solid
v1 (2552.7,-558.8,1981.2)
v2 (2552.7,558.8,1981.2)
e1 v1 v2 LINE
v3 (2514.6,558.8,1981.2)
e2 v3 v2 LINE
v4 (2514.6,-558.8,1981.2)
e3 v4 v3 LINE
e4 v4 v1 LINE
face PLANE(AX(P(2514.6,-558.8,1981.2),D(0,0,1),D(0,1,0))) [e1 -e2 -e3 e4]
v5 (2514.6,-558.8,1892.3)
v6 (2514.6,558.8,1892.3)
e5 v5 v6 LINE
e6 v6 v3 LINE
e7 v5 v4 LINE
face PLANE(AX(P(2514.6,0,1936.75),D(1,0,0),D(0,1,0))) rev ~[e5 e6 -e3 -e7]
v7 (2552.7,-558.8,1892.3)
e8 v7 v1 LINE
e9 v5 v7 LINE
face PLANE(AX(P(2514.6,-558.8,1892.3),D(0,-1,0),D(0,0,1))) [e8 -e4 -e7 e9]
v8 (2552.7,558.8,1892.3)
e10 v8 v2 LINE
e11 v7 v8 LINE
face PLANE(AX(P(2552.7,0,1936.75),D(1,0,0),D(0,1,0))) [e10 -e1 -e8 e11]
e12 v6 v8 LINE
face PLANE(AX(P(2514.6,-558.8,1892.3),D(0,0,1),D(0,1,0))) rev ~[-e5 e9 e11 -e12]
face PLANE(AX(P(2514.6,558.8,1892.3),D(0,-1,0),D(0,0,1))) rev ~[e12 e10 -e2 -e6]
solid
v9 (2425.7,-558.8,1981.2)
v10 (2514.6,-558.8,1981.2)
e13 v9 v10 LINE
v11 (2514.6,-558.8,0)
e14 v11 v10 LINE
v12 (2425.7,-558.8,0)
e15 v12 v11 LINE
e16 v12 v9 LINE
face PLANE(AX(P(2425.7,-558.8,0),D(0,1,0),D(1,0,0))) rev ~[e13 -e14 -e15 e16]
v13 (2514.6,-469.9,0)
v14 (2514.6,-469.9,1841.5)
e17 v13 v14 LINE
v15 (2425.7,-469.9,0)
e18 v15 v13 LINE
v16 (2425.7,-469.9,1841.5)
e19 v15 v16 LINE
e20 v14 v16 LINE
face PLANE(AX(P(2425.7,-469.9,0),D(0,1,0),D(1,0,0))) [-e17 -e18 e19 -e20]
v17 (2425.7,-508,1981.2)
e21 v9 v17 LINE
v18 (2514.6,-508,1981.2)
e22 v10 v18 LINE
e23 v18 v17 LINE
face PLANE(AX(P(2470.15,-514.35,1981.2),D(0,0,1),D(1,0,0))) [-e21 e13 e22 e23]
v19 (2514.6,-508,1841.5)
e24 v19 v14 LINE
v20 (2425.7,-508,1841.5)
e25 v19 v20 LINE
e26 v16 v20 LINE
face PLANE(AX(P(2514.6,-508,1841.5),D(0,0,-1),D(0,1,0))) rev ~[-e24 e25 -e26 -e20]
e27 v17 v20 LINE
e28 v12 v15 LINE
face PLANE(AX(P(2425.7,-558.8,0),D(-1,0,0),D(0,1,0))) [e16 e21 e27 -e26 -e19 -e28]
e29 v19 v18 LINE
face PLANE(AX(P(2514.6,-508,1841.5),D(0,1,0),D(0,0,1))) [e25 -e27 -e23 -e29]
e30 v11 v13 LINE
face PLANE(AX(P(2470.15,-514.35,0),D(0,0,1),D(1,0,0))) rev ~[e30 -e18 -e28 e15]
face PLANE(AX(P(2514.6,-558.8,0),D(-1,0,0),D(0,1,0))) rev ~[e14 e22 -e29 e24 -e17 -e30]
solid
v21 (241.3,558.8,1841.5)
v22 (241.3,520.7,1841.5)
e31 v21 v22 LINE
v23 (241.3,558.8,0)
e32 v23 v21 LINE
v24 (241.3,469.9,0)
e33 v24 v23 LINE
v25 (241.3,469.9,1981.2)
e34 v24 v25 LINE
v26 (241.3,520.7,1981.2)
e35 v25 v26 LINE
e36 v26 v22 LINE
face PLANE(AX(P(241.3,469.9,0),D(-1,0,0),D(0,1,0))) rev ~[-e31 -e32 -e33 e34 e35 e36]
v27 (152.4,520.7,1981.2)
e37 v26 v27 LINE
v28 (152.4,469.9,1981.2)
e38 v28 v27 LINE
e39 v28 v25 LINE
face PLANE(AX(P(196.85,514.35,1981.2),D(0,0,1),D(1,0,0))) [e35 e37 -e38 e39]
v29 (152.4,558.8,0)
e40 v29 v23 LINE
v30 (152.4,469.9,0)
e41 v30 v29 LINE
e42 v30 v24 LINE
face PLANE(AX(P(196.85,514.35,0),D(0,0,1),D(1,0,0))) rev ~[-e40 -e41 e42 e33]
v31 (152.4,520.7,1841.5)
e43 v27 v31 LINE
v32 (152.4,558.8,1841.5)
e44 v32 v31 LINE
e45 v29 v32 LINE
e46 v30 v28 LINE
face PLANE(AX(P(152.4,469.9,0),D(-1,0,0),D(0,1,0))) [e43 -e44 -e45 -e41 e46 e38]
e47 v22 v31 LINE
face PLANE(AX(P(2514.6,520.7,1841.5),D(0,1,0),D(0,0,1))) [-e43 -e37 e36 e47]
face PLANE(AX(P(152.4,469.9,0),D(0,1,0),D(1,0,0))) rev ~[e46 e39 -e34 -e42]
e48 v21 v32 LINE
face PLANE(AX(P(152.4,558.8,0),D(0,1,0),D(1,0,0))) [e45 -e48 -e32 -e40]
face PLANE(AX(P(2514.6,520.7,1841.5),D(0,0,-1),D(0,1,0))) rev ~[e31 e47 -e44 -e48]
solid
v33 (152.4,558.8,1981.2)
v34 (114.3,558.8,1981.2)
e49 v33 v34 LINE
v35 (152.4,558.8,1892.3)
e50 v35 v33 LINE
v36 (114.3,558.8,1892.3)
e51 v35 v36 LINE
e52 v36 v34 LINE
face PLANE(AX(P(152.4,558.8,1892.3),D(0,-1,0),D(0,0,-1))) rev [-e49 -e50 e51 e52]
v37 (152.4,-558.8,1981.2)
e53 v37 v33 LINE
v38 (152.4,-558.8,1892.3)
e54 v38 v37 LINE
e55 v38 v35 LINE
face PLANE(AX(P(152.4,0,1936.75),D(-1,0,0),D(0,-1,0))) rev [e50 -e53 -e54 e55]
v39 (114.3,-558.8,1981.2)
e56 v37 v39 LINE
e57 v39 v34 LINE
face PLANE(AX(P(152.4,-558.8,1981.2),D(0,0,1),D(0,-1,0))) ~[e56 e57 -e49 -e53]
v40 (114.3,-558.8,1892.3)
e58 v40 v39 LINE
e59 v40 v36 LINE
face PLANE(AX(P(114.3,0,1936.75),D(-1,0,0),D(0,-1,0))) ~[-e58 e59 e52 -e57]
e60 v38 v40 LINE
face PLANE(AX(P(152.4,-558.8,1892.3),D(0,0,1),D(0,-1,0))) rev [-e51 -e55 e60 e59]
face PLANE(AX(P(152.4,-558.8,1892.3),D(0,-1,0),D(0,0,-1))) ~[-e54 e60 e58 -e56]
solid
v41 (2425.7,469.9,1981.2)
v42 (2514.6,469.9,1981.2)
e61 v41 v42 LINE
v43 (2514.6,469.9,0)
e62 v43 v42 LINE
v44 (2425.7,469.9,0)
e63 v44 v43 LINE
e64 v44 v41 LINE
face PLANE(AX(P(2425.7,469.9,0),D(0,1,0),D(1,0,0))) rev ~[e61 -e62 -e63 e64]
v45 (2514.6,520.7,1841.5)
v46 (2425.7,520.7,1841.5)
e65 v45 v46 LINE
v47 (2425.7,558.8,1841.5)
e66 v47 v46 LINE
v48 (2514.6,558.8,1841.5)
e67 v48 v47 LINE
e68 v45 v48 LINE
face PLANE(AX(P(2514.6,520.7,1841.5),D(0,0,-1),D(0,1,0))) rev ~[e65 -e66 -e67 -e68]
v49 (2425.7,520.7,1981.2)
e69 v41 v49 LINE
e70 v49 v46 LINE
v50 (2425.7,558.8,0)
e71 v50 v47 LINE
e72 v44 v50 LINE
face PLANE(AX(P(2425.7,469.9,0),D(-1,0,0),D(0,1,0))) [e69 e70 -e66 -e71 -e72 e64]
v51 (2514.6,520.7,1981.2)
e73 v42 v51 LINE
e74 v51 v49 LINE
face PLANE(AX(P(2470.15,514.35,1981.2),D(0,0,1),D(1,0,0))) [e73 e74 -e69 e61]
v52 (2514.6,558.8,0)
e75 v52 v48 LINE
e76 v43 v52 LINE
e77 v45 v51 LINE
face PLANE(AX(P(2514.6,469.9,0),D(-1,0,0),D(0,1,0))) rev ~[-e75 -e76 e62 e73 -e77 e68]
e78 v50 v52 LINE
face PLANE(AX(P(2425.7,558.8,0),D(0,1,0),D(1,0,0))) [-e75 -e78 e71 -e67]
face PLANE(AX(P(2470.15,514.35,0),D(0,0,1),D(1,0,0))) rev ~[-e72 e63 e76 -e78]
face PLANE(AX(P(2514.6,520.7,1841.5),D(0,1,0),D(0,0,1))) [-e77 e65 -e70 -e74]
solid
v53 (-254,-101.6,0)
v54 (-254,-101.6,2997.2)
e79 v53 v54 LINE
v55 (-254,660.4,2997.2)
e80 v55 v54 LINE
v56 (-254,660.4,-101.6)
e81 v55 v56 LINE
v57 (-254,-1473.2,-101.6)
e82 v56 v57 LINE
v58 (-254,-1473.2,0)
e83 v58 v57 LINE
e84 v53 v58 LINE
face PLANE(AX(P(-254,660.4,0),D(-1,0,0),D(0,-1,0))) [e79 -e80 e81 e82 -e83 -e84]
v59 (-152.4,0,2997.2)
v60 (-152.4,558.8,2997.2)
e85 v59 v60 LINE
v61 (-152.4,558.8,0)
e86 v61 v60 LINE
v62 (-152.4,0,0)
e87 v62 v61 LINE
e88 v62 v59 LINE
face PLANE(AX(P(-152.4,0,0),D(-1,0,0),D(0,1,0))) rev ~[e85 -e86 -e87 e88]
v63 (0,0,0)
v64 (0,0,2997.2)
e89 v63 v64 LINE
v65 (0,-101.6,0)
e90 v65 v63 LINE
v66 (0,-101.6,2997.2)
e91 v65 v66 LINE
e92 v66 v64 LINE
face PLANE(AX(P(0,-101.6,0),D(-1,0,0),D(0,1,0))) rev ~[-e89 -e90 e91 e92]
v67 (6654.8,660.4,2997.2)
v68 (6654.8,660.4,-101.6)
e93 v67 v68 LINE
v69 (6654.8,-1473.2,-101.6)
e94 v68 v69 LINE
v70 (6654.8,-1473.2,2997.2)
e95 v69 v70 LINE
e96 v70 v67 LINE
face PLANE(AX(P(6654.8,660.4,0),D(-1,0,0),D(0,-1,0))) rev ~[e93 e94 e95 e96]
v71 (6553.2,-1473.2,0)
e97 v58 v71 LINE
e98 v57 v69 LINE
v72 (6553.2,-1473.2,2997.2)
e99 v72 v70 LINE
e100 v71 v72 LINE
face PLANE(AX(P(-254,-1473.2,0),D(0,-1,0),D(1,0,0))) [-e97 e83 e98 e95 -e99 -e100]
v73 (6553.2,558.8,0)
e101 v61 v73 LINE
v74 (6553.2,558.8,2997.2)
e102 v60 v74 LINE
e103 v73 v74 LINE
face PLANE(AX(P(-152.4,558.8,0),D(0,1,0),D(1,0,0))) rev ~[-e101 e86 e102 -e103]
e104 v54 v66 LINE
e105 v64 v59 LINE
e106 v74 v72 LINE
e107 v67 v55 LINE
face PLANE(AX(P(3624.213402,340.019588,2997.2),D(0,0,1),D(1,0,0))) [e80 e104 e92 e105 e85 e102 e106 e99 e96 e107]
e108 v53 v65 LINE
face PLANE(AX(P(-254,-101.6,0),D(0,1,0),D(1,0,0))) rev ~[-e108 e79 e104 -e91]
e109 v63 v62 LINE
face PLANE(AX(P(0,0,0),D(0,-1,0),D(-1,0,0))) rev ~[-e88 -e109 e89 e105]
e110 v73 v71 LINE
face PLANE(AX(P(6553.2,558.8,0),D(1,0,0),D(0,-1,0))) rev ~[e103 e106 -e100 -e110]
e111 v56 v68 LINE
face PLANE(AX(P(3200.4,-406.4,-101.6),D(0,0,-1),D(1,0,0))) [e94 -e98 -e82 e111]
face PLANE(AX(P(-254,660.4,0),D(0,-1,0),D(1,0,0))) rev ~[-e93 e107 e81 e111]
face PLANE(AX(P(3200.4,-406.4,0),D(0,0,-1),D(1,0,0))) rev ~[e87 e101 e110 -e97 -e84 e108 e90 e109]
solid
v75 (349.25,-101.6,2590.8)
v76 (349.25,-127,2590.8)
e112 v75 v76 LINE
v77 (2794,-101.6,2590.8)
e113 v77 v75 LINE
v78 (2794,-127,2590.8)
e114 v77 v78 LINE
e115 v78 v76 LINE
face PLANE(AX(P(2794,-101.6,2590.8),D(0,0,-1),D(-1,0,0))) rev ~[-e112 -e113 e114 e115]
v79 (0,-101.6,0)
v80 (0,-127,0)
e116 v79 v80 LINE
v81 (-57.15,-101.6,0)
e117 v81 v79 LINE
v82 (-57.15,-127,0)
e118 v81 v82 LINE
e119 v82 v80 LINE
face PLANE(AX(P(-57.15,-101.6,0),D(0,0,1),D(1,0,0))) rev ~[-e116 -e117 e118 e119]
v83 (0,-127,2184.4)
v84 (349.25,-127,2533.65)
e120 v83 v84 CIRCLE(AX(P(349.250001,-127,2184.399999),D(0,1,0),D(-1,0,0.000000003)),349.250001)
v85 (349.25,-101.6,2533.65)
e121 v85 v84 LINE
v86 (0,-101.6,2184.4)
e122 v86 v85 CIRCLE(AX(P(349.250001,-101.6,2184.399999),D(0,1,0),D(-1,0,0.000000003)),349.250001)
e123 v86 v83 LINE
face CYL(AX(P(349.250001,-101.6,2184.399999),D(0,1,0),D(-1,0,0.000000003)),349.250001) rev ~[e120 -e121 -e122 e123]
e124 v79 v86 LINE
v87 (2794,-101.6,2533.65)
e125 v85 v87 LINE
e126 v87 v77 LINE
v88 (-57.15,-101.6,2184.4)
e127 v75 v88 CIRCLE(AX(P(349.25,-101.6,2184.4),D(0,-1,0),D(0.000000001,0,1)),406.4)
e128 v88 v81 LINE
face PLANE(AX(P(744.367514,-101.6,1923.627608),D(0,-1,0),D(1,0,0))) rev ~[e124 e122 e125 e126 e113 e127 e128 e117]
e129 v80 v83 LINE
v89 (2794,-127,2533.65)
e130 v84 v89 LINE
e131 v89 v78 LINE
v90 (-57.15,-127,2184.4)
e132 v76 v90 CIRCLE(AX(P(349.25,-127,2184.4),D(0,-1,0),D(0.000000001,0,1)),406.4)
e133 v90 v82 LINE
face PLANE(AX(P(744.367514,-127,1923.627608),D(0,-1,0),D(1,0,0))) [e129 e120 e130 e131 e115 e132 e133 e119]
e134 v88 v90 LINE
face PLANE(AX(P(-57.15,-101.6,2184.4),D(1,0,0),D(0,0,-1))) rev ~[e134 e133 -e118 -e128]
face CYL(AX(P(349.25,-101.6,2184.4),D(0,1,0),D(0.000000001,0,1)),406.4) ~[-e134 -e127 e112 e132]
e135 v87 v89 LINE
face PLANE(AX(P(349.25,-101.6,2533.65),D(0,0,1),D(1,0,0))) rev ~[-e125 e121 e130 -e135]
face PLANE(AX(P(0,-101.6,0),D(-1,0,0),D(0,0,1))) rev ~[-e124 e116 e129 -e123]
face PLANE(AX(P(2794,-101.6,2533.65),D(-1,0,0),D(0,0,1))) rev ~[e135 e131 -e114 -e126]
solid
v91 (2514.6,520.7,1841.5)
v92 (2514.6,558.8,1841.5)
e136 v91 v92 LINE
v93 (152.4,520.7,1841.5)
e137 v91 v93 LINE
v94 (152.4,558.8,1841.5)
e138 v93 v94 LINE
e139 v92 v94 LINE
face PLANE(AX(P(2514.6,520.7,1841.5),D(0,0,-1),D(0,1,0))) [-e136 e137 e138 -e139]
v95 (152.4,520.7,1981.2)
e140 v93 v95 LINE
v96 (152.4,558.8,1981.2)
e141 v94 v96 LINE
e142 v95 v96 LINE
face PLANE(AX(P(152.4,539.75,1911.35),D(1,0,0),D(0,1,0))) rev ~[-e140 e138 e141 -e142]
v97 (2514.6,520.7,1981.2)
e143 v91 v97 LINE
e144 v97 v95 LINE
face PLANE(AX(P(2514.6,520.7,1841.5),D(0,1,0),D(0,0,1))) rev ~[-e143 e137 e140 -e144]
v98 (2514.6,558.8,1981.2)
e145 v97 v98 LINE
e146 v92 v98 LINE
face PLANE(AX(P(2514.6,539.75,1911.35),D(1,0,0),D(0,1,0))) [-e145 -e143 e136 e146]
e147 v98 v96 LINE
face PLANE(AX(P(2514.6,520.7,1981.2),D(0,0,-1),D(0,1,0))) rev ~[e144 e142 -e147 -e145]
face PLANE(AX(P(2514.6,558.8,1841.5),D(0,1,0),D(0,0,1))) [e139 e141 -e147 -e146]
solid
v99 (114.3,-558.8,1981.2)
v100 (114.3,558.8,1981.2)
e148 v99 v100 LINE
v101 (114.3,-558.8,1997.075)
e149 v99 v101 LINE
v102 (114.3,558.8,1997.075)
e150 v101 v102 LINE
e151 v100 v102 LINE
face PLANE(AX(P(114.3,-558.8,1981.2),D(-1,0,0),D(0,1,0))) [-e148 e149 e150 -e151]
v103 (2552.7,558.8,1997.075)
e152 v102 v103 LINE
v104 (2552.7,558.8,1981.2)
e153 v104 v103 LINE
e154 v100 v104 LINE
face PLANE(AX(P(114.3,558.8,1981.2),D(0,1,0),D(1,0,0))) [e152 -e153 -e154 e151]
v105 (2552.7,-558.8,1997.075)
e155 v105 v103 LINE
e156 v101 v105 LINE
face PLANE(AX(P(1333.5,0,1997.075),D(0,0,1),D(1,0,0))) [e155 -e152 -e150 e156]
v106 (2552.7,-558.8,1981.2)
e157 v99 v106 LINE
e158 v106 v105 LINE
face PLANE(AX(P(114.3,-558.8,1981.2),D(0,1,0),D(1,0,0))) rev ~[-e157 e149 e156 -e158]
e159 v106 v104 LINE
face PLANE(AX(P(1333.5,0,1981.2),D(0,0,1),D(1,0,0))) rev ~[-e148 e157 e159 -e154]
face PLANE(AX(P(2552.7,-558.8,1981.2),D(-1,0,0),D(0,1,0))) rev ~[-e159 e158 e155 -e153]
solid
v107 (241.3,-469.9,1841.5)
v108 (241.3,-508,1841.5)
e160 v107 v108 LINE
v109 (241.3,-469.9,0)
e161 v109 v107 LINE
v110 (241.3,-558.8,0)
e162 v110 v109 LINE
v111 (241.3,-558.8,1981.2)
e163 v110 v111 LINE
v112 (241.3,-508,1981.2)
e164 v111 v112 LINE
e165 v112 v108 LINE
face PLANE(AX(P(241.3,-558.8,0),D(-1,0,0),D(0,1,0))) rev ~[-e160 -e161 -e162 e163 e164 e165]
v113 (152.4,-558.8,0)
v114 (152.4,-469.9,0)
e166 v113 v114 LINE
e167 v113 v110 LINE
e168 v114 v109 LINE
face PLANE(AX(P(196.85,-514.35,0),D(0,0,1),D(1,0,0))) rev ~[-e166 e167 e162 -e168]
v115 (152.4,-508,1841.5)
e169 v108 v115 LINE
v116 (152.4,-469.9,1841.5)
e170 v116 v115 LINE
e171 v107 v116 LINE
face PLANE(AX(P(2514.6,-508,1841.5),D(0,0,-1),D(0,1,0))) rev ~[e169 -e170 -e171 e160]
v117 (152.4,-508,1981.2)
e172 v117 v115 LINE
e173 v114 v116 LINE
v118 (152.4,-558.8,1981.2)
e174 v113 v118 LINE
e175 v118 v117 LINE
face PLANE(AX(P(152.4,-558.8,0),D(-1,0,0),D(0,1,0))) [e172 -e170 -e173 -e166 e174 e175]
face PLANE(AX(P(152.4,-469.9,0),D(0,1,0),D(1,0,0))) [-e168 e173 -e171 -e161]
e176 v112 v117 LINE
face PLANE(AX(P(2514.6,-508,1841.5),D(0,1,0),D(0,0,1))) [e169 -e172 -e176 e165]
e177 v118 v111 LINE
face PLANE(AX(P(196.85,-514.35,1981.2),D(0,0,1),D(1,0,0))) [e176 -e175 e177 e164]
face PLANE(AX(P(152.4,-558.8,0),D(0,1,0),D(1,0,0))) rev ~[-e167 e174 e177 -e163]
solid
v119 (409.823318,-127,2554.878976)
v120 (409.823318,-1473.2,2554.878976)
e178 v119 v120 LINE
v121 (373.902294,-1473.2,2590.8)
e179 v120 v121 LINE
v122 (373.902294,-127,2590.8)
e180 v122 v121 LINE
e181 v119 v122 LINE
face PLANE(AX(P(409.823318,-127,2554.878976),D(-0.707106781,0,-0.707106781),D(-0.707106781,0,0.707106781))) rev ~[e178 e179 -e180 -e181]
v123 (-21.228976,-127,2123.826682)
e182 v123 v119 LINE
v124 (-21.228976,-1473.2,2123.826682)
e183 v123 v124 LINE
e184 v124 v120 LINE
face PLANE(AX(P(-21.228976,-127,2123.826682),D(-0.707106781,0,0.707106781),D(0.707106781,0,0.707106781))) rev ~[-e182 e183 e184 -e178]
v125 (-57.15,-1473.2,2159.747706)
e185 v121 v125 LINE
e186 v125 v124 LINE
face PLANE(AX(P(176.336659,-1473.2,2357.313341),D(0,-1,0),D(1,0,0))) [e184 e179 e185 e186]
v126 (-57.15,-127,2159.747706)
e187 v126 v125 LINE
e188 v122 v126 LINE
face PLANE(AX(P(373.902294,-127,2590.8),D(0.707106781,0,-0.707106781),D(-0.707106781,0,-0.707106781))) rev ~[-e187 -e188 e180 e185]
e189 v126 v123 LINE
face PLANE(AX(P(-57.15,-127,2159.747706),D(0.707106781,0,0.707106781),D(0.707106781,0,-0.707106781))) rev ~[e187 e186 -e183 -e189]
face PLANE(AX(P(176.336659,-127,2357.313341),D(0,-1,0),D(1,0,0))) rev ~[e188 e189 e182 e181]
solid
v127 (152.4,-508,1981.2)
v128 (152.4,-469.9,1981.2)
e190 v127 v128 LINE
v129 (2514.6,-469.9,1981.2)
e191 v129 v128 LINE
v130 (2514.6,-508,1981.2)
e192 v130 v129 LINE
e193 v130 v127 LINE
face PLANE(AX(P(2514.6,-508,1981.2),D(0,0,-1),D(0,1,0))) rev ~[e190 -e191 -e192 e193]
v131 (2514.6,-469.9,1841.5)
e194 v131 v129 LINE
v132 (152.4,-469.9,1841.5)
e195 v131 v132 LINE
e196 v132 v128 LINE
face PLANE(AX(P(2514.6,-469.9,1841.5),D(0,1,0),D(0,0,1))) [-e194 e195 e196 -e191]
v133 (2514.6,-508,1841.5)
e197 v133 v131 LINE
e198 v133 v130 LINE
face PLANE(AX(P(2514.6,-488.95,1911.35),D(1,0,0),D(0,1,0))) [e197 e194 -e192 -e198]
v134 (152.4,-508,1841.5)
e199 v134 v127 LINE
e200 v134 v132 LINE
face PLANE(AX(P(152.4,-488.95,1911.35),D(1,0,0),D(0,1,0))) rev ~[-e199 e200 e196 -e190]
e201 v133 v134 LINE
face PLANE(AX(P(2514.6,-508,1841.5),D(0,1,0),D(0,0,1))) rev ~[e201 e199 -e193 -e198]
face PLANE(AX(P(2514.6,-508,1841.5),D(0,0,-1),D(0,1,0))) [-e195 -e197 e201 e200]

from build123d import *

# Parameters (mm, degrees)
F1_DEPTH  = 2997.2
F2_W      = 6908.8
F2_H      = 2133.6
F3_DEPTH  = 101.6
F5_DEPTH  = 25.4
F7_DEPTH  = 1346.2
F8_W      = 88.9
F8_H      = 88.9
F9_DEPTH  = 1981.2
F10_W     = 38.1
F10_H     = 139.7
F11_DEPTH = 2667
F12_DEPTH = 2362.2
F14_W     = 1117.6
F14_H     = 88.9
F15_DEPTH = 38.1
F17_W     = 2438.4
F17_H     = 1117.6
F18_DEPTH = 15.875


with BuildPart() as f1:
    # F0 (on Top) → F1 (new body)
    with BuildSketch(Plane.XY):
        Polygon((0, -101.6), (0, 0), (-152.4, 0), (-152.4, 558.8), (6553.2, 558.8), (6553.2, -1473.2), (6654.8, -1473.2), (6654.8, 660.4), (6553.2, 660.4), (-254, 660.4), (-254, -101.6), align=None)
    extrude(amount=F1_DEPTH)

    # F2 (on face) → F3 (join)
    with BuildSketch(Plane(origin=(0, 0, 0), x_dir=(1, 0, 0), z_dir=(0, 0, -1))):
        with Locations((3200.4, 406.4)):
            Rectangle(F2_W, F2_H)
    extrude(amount=F3_DEPTH)


with BuildPart() as f5:
    # F4 (on face) → F5 (new body)
    with BuildSketch(Plane.XZ.offset(101.6)):
        with BuildLine():
            Line((2794, 2590.8), (349.25, 2590.8))
            ThreePointArc((349.25, 2590.8), (61.881804, 2471.768196), (-57.15, 2184.4))
            Line((-57.15, 2184.4), (-57.15, 0))
            Line((-57.15, 0), (0, 0))
            Line((0, 0), (0, 2184.4))
            ThreePointArc((0, 2184.4), (102.292957, 2431.357043), (349.25, 2533.65))
            Line((349.25, 2533.65), (2794, 2533.65))
            Line((2794, 2533.65), (2794, 2590.8))
        make_face()
    extrude(amount=F5_DEPTH)


with BuildPart() as f7:
    # F6 (on face) → F7 (new body, through all)
    with BuildSketch(Plane.XZ.offset(127)):
        Polygon((373.902294, 2590.8), (-57.15, 2159.747706), (-21.228976, 2123.826682), (409.823318, 2554.878976), align=None)
    extrude(amount=F7_DEPTH)


with BuildPart() as f9:
    # F8 (on face) → F9 (new body)
    with BuildSketch(Plane.XY):
        with Locations((196.85, 514.35)):
            Rectangle(F8_W, F8_H)
        with Locations((2470.15, 514.35)):
            Rectangle(F8_W, F8_H)
        with Locations((196.85, -514.35)):
            Rectangle(F8_W, F8_H)
        with Locations((2470.15, -514.35)):
            Rectangle(F8_W, F8_H)
    extrude(amount=F9_DEPTH)

    # F10 (on face) → F11 (cut, through all)
    with BuildSketch(Plane.YZ.offset(2514.6)):
        with Locations((539.75, 1911.35)):
            Rectangle(F10_W, F10_H)
        with Locations((-488.95, 1911.35)):
            Rectangle(F10_W, F10_H)
    extrude(amount=-F11_DEPTH, mode=Mode.SUBTRACT)


with BuildPart() as f12:
    # F10 (on face) → F12 (new body, through all)
    with BuildSketch(Plane.YZ.offset(2514.6)):
        with Locations((539.75, 1911.35)):
            Rectangle(F10_W, F10_H)
        with Locations((-488.95, 1911.35)):
            Rectangle(F10_W, F10_H)
    extrude(amount=-F12_DEPTH)


with BuildPart() as f15:
    # F14 (on face) → F15 (new body)
    with BuildSketch(Plane.YZ.offset(2514.6)):
        with Locations((0, 1936.75)):
            Rectangle(F14_W, F14_H)
    extrude(amount=F15_DEPTH)


with BuildPart() as f16_1:
    # F16: instance of F15
    add(f15.part.mirror(Plane(origin=(1333.5, -515.141501, 961.908074), x_dir=(0, 1, 0), z_dir=(1, 0, 0))))


with BuildPart() as f18:
    # F17 (on face) → F18 (new body)
    with BuildSketch(Plane.XY.offset(1981.2)):
        with Locations((1333.5, 0)):
            Rectangle(F17_W, F17_H)
    extrude(amount=F18_DEPTH)


solid = Compound([f1.part, f5.part, f7.part, f9.part, f12.part, f15.part, f16_1.part, f18.part])
